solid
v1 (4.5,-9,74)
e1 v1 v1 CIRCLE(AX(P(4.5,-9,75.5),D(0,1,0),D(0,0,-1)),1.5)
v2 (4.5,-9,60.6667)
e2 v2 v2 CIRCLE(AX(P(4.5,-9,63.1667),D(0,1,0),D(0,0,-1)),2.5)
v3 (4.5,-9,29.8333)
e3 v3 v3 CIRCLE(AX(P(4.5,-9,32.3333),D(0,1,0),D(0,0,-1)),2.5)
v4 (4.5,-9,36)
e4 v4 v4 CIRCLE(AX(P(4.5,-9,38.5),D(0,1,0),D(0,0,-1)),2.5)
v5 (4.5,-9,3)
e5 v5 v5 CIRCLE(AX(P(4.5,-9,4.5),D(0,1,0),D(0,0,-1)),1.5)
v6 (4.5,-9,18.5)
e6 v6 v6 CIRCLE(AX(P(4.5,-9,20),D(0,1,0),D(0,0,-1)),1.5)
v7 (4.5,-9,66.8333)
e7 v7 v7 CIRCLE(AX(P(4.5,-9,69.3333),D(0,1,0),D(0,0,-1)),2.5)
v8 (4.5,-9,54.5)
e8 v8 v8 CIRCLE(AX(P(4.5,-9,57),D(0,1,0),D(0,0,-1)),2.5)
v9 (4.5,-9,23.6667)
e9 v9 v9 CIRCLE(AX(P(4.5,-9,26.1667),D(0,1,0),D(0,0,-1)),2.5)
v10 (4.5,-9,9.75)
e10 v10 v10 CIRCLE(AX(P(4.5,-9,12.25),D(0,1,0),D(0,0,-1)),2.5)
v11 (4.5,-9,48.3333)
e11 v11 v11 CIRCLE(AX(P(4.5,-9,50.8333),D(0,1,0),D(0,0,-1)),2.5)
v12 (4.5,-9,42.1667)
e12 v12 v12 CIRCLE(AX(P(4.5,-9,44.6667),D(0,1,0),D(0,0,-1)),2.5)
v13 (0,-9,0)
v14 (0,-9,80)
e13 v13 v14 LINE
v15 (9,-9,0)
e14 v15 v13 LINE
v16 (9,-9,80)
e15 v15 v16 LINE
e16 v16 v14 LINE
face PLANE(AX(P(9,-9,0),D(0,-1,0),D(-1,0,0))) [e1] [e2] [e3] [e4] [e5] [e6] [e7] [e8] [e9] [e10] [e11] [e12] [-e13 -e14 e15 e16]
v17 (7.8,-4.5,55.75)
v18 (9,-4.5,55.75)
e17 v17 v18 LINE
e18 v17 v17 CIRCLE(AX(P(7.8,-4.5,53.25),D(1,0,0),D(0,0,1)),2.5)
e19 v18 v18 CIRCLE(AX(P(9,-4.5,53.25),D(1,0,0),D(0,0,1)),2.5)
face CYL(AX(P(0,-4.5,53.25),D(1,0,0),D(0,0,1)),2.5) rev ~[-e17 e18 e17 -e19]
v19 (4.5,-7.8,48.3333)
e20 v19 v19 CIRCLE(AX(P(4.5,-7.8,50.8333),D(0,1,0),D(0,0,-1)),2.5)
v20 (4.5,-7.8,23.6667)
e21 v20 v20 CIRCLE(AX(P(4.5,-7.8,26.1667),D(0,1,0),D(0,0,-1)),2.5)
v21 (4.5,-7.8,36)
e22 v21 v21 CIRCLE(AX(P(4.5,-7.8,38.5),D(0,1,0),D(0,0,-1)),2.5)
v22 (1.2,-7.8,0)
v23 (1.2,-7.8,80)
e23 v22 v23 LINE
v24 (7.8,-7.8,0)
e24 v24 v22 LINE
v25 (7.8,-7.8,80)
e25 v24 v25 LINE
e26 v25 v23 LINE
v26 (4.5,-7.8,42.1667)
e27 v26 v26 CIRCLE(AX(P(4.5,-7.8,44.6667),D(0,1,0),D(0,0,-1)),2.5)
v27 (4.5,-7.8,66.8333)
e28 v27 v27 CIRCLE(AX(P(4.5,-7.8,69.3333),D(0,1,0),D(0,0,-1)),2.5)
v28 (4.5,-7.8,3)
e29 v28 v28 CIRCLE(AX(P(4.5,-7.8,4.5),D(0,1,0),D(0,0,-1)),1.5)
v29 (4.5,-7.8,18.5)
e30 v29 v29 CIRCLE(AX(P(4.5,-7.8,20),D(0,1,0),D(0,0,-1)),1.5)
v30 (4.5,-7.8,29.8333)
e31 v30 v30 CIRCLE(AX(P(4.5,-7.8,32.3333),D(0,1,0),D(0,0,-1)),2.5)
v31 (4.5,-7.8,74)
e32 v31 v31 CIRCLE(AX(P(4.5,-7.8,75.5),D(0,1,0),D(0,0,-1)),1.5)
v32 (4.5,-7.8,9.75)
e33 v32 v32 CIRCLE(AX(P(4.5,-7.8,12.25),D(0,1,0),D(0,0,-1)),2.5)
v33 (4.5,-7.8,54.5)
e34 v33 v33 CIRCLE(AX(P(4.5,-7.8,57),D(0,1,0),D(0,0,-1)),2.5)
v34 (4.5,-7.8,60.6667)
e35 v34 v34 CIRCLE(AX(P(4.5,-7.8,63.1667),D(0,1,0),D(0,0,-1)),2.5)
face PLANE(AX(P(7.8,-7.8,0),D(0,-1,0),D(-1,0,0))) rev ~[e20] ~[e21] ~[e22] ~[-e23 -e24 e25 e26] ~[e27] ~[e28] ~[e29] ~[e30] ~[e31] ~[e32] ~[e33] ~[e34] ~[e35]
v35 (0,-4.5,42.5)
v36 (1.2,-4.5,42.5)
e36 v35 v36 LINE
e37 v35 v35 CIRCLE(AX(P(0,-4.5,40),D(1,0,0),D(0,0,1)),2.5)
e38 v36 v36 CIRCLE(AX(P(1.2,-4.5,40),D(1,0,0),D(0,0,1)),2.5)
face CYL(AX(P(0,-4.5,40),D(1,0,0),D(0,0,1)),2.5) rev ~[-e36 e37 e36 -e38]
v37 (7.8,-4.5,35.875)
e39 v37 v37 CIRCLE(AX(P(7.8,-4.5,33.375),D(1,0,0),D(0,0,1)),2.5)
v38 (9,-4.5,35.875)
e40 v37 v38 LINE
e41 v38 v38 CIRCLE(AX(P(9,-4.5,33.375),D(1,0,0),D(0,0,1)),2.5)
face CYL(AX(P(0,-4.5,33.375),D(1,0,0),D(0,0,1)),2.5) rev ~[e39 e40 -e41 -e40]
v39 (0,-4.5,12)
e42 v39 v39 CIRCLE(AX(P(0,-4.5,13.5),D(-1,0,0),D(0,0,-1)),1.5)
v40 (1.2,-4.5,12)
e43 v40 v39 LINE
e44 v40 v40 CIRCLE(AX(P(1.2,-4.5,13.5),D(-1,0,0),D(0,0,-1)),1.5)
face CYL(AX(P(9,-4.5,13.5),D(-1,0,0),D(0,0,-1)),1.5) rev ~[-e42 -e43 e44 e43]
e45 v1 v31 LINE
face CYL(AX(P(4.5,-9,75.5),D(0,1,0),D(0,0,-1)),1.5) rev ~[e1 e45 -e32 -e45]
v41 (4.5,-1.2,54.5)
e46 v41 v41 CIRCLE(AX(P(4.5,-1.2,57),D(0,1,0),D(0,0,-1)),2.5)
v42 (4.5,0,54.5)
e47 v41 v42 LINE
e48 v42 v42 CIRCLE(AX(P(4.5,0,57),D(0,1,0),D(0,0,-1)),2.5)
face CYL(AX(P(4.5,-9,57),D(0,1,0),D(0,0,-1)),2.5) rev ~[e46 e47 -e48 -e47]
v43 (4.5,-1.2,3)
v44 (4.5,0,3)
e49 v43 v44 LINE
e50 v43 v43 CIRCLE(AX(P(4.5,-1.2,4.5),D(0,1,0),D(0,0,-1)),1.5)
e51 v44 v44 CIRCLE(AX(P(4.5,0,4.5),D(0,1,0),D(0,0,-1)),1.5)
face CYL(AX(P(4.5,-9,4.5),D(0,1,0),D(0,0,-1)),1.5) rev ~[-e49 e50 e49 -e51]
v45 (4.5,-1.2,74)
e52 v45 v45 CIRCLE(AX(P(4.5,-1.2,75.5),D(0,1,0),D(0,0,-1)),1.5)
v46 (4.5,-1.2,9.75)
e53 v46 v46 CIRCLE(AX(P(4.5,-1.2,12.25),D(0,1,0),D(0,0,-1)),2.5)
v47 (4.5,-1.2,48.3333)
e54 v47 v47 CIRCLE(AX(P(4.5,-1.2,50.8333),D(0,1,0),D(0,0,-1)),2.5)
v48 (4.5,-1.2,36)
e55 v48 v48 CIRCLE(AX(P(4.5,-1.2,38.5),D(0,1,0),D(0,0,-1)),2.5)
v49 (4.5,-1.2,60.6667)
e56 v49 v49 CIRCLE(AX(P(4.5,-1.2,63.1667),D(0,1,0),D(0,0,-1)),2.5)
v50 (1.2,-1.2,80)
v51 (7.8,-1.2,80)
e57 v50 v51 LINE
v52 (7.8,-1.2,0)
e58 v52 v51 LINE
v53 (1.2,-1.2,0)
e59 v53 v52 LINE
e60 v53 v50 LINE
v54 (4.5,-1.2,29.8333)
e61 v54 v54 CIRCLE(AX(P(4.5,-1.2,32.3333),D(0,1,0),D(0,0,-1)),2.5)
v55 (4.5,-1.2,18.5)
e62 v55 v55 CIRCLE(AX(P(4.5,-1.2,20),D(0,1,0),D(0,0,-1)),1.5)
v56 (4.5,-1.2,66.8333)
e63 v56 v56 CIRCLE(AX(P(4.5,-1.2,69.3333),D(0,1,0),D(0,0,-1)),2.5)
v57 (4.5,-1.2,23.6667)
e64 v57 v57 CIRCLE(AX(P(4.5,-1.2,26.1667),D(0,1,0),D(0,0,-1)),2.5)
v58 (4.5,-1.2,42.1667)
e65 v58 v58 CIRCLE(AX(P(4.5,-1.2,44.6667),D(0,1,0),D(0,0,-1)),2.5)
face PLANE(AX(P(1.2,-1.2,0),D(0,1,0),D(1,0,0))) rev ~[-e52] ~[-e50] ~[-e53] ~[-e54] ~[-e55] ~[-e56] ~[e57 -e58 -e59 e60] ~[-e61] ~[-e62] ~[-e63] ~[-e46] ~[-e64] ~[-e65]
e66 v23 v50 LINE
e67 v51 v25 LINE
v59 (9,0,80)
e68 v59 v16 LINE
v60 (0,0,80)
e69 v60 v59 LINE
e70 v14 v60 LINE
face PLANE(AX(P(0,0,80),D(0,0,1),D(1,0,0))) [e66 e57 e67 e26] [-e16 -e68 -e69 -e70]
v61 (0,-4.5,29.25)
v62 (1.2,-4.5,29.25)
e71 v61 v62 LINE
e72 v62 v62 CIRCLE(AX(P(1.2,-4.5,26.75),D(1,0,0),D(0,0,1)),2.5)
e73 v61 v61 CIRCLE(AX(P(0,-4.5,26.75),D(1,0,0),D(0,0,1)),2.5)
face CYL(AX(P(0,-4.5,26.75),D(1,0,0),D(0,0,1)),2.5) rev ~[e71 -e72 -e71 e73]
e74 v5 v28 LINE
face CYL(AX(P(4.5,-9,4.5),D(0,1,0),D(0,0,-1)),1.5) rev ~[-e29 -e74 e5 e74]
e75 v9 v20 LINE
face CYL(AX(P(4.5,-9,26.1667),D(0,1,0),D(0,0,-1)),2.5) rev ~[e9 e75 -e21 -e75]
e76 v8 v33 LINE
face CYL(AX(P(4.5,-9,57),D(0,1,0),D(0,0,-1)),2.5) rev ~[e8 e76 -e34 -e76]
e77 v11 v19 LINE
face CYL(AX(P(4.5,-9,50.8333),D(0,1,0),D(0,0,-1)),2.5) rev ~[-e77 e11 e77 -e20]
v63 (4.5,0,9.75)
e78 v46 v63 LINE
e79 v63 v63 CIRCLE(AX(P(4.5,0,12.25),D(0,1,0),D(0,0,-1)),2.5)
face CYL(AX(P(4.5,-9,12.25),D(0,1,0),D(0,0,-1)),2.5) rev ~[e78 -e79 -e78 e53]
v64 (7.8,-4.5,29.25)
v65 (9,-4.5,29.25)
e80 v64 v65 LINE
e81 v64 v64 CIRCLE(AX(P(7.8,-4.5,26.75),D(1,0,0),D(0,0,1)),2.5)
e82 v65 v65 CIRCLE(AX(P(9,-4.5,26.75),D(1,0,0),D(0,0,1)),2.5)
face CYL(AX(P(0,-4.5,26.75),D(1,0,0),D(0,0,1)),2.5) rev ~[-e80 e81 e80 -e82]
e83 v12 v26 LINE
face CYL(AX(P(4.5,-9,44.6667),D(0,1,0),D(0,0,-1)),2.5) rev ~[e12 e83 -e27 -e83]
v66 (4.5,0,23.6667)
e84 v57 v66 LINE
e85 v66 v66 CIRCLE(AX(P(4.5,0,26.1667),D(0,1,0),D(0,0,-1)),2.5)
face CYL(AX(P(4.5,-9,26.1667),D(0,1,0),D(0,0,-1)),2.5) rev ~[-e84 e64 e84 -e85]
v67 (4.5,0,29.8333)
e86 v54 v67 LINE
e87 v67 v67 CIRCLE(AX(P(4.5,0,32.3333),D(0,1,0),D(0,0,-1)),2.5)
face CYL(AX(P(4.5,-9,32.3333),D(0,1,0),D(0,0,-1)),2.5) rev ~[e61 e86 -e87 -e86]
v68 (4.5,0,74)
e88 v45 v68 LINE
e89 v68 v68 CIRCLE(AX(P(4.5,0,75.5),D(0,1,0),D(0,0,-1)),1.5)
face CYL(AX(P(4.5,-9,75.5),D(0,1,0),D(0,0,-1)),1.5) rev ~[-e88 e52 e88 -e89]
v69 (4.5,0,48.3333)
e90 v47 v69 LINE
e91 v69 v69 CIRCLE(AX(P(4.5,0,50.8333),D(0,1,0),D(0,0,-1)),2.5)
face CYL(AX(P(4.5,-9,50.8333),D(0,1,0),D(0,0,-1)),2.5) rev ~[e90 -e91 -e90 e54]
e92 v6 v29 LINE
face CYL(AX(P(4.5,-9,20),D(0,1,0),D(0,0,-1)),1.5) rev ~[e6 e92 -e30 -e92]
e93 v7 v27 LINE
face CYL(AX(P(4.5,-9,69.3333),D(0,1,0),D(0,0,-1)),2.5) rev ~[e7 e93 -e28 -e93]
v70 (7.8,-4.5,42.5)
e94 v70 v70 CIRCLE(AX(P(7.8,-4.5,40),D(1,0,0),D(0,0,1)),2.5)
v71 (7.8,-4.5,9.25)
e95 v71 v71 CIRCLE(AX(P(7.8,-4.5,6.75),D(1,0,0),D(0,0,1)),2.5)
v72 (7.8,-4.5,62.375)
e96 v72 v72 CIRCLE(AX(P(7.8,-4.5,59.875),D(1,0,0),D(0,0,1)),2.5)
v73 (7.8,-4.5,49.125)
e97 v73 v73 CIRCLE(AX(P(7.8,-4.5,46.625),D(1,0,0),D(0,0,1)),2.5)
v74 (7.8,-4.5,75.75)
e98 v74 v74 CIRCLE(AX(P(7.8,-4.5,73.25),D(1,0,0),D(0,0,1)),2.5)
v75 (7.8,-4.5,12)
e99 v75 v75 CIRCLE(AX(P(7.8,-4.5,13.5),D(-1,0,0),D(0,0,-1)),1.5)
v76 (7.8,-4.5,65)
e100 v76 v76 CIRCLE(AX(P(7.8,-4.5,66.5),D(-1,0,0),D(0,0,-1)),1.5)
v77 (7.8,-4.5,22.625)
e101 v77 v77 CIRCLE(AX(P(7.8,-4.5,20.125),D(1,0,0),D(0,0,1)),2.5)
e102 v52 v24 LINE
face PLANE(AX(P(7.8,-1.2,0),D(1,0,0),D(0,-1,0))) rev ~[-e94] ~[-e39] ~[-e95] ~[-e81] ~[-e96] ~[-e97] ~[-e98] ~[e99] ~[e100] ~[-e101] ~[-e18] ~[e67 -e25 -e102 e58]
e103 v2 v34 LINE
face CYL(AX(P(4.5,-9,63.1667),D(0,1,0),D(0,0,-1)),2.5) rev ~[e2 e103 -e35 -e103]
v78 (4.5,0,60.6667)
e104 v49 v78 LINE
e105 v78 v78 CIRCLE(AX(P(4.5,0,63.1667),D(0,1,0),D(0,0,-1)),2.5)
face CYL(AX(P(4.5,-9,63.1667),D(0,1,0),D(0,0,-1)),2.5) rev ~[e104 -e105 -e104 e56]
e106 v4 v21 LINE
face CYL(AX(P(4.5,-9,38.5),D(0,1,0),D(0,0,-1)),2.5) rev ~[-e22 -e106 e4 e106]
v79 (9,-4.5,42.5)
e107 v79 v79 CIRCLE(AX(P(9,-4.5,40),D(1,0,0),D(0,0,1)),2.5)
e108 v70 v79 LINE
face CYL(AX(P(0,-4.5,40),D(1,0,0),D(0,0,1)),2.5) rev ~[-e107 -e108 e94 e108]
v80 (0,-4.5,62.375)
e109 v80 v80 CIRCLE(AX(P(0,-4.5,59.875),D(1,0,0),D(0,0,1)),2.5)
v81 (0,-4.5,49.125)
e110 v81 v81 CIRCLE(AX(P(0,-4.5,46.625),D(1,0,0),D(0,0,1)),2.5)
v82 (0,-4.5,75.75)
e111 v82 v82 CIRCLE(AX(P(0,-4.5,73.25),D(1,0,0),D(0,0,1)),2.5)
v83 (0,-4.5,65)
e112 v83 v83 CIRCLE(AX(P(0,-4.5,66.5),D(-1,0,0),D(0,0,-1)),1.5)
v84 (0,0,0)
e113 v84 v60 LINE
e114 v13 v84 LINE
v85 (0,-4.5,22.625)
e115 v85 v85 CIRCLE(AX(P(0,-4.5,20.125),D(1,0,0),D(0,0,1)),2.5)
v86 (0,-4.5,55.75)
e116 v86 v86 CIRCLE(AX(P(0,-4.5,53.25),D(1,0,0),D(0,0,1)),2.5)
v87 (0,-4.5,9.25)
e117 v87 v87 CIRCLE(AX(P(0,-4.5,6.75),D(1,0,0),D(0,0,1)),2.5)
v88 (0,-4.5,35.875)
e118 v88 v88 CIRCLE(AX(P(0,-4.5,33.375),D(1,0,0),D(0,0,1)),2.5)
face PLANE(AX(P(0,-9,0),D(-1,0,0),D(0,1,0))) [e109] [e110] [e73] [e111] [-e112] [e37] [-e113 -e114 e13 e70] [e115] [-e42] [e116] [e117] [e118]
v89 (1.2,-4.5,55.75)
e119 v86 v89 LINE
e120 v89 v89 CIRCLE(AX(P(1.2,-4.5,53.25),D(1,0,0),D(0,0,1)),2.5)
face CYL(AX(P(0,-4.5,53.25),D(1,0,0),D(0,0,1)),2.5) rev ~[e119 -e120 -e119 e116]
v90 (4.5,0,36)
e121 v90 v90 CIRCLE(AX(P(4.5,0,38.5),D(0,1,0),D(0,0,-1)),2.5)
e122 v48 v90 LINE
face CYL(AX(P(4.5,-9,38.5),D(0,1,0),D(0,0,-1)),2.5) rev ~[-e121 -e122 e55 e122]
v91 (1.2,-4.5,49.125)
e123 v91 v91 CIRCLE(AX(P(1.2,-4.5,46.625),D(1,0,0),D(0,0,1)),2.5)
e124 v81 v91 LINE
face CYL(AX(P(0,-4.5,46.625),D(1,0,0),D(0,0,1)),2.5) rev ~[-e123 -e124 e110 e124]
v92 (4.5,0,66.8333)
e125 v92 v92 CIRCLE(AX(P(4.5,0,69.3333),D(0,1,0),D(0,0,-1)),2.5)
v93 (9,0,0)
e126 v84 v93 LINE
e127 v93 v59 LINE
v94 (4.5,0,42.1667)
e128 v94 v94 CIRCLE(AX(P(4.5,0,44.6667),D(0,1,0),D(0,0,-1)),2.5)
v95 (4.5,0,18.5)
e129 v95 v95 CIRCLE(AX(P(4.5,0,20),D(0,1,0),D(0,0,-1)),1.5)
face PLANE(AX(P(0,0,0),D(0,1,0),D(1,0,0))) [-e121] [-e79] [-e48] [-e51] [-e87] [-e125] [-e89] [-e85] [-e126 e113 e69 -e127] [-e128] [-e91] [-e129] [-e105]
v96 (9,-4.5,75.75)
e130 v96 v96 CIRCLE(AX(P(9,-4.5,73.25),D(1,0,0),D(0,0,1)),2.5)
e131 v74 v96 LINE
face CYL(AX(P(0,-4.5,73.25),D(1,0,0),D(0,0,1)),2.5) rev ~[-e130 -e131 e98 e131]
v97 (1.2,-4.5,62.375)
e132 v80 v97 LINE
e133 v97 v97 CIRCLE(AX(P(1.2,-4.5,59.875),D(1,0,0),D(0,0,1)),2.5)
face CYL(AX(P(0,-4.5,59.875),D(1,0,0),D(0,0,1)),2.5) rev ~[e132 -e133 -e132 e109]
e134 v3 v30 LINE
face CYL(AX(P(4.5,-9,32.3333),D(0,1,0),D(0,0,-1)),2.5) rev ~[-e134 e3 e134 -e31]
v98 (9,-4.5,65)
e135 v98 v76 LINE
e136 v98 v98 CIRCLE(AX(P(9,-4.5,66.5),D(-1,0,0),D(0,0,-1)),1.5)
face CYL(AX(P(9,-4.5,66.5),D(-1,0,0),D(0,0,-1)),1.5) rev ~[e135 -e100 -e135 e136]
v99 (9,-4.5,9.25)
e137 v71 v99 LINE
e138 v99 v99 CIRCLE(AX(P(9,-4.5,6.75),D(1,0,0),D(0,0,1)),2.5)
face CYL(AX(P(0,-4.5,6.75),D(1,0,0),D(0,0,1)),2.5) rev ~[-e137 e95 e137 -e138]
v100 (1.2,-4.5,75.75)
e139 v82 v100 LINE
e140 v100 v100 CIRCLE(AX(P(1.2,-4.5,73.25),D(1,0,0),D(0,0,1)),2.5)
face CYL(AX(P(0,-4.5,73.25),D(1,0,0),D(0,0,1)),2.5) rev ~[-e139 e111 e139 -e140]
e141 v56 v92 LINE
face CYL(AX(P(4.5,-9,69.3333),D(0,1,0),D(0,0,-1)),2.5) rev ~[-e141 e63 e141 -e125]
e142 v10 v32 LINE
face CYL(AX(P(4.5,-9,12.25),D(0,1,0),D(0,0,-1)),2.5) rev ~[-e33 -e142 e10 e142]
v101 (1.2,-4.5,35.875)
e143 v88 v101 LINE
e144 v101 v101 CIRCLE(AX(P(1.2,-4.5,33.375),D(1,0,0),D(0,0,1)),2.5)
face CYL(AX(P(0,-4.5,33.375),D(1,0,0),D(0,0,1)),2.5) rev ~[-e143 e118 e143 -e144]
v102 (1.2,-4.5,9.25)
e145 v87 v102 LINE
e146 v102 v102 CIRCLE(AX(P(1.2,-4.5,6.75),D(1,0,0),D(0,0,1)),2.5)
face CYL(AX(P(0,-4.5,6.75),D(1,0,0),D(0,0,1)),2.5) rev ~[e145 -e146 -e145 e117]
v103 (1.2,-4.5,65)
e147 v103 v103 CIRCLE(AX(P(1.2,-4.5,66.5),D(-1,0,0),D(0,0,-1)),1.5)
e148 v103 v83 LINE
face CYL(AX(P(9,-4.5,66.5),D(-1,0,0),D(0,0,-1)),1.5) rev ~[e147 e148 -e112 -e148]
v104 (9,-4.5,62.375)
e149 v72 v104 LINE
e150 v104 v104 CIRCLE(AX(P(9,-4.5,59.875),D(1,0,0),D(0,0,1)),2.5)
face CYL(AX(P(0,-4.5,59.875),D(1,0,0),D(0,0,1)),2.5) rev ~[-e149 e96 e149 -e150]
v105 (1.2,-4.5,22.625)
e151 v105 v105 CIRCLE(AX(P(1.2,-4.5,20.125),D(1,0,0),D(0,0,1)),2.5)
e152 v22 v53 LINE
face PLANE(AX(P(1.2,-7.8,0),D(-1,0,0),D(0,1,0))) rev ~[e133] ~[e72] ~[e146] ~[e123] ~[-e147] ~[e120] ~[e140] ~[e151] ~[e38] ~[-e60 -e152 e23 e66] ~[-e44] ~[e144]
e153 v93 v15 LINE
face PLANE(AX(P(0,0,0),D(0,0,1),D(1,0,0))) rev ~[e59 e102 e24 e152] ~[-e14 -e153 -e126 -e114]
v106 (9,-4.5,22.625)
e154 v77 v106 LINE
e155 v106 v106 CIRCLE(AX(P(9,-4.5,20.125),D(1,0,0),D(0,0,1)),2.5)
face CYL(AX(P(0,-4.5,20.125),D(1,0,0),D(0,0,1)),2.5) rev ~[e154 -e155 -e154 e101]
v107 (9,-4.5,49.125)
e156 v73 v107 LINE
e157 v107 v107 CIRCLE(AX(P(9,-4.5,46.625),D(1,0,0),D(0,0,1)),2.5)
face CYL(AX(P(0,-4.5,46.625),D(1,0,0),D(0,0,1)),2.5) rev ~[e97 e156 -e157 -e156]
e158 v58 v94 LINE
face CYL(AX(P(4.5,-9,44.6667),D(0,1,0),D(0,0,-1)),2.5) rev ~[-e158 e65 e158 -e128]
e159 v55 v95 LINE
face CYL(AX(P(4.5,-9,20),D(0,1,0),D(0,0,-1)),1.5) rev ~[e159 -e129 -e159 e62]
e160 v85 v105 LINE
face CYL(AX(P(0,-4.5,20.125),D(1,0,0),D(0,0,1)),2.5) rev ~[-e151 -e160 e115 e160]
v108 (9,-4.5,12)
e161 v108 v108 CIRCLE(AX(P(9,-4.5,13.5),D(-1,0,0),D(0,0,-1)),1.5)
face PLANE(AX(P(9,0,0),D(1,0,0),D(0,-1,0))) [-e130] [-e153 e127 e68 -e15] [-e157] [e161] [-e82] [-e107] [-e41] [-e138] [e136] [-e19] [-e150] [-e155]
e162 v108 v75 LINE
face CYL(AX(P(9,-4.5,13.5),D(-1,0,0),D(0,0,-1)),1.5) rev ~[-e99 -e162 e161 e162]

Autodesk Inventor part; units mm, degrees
ref_plane "YZ Plane" through (0, 0, 0) normal (1, 0, 0) x (0, 1, 0)
ref_plane "XZ Plane" through (0, 0, 0) normal (0, 1, 0) x (-1, 0, 0)
ref_plane "XY Plane" through (0, 0, 0) normal (0, 0, 1) x (1, 0, 0)
sketch "スケッチ1" plane through (0, 0, 0) normal (0, 0, 1) x (1, 0, 0)
  line L0 (0, 0) -> (9, 0)
  line L1 (9, 0) -> (9, -9)
  line L2 (9, -9) -> (0, -9)
  line L3 (0, -9) -> (0, 0)
  line L4 (1.2, -1.2) -> (7.8, -1.2)
  line L5 (7.8, -1.2) -> (7.8, -7.8)
  line L6 (7.8, -7.8) -> (1.2, -7.8)
  line L7 (1.2, -7.8) -> (1.2, -1.2)
  dimension "d0" = 9
  dimension "d1" = 9
  dimension "d2" = 6.6
  dimension "d3" = 6.6
  dimension "d4" = 1.2
  dimension "d5" = 1.2
extrude "押し出し1" add sketch "スケッチ1" along normal blind 80
sketch "スケッチ3" plane through (0, -9, 0) normal (0, -1, 0) x (1, 0, 0)
  line L0 (0, 80) -> (9, 80) projected
  line L1 (0, 0) -> (9, 0) projected
  line L2 (9, 0) -> (9, 80) projected
  point P0 (4.5, 4.5)
  point P1 (4.5, 75.5)
  dimension "d20" = 4.5
  dimension "d21" = 4.5
  dimension "d22" = 4.5
  dimension "d23" = 4.5
hole "穴2" at (4.5, -9, 4.5) at (4.5, -9, 75.5) direction (0, 1, 0) diameter 3 end through all
sketch "スケッチ4" plane through (9, -9, 0) normal (1, 0, 0) x (0, 0, -1)
  line L0 (0, 0) -> (0, 9) projected
  line L1 (-80, 0) -> (-80, 9) projected
  line L2 (0, 0) -> (-80, 0) projected
  point P0 (-13.5, 4.5)
  point P1 (-66.5, 4.5)
  dimension "d31" = 13.5
  dimension "d32" = 13.5
  dimension "d33" = 4.5
  dimension "d34" = 4.5
hole "穴3" at (9, -4.5, 13.5) at (9, -4.5, 66.5) direction (-1, 0, 0) diameter 3 end through all
sketch "スケッチ5" plane through (0, -9, 0) normal (0, -1, 0) x (1, 0, 0)
  line L0 (0, 0) -> (0, 80) projected
  line L1 (0, 0) -> (9, 0) projected
  point P0 (4.5, 20)
  dimension "d42" = 4.5
  dimension "d43" = 20
hole "穴4" at (4.5, -9, 20) direction (0, 1, 0) diameter 3 end through all
sketch "スケッチ6" plane through (0, -9, 0) normal (0, -1, 0) x (1, 0, 0)
  circle A0 centre (4.5, 4.5) radius 1.5 projected
  circle A1 centre (4.5, 75.5) radius 1.5 projected
  line L0 (4.5, 4.5) -> (4.5, 75.5)
  circle A2 centre (4.5, 20) radius 1.5 projected
  point P0 (0, 0)
  point P1 (4.5, 12.25)
  point P2 (4.5, 26.1667)
  point P3 (4.5, 32.3333)
  point P4 (4.5, 38.5)
  point P5 (4.5, 44.6667)
  point P6 (4.5, 50.8333)
  point P7 (4.5, 57)
  point P8 (4.5, 63.1667)
  point P9 (4.5, 69.3333)
  dimension "d51" = 15.5
  dimension "d52" = 7.75
  dimension "d53" = 55.5
  dimension "d54" = 6.1667
  dimension "d57" = 6.1667
hole "穴5" at (4.5, -9, 12.25) at (4.5, -9, 26.1667) at (4.5, -9, 32.3333) at (4.5, -9, 38.5) at (4.5, -9, 44.6667) at (4.5, -9, 50.8333) at (4.5, -9, 57) at (4.5, -9, 63.1667) at (4.5, -9, 69.3333) direction (0, 1, 0) diameter 5 end through all
sketch "スケッチ7" plane through (0, -9, 0) normal (-1, 0, 0) x (0, 0, 1)
  circle A0 centre (66.5, 4.5) radius 1.5 projected
  line L0 (80, 9) -> (80, 0) projected
  line L1 (0, 9) -> (80, 9) projected
  line L2 (0, 9) -> (0, 0) projected
  circle A1 centre (13.5, 4.5) radius 1.5 projected
  circle A2 centre (66.5, 4.5) radius 1.5 projected
  line L3 (13.5, 4.5) -> (66.5, 4.5)
  point P0 (6.75, 4.5)
  point P1 (73.25, 4.5)
  point P2 (20.125, 4.5)
  point P3 (26.75, 4.5)
  point P4 (33.375, 4.5)
  point P5 (40, 4.5)
  point P6 (46.625, 4.5)
  point P7 (53.25, 4.5)
  point P8 (59.875, 4.5)
  dimension "d69" = 6.75
  dimension "d70" = 13.5
  dimension "d71" = 4.5
  dimension "d72" = 6.75
  dimension "d73" = 4.5
  dimension "d74" = 53
  dimension "d75" = 6.625
  dimension "d78" = 6.625
hole "穴6" at (0, -4.5, 6.75) at (0, -4.5, 73.25) at (0, -4.5, 20.125) at (0, -4.5, 26.75) at (0, -4.5, 33.375) at (0, -4.5, 40) at (0, -4.5, 46.625) at (0, -4.5, 53.25) at (0, -4.5, 59.875) direction (1, 0, 0) diameter 5 end through all
equation "\"d22\" = d21"
equation "\"d23\" = d20"
equation "\"d32\" = d31"
equation "\"d34\" = d33"
equation "\"d52\" = 0.5 * d51"
equation "\"d54\" = 0.111111 * d53"
equation "\"d57\" = d54"
equation "\"d69\" = 0.5 * d70"
equation "\"d72\" = d69"
equation "\"d75\" = 0.125 * d74"
equation "\"d78\" = d75"
properties part number "上下直動9x9_1_CPY" material "アルミニウム 6061"
